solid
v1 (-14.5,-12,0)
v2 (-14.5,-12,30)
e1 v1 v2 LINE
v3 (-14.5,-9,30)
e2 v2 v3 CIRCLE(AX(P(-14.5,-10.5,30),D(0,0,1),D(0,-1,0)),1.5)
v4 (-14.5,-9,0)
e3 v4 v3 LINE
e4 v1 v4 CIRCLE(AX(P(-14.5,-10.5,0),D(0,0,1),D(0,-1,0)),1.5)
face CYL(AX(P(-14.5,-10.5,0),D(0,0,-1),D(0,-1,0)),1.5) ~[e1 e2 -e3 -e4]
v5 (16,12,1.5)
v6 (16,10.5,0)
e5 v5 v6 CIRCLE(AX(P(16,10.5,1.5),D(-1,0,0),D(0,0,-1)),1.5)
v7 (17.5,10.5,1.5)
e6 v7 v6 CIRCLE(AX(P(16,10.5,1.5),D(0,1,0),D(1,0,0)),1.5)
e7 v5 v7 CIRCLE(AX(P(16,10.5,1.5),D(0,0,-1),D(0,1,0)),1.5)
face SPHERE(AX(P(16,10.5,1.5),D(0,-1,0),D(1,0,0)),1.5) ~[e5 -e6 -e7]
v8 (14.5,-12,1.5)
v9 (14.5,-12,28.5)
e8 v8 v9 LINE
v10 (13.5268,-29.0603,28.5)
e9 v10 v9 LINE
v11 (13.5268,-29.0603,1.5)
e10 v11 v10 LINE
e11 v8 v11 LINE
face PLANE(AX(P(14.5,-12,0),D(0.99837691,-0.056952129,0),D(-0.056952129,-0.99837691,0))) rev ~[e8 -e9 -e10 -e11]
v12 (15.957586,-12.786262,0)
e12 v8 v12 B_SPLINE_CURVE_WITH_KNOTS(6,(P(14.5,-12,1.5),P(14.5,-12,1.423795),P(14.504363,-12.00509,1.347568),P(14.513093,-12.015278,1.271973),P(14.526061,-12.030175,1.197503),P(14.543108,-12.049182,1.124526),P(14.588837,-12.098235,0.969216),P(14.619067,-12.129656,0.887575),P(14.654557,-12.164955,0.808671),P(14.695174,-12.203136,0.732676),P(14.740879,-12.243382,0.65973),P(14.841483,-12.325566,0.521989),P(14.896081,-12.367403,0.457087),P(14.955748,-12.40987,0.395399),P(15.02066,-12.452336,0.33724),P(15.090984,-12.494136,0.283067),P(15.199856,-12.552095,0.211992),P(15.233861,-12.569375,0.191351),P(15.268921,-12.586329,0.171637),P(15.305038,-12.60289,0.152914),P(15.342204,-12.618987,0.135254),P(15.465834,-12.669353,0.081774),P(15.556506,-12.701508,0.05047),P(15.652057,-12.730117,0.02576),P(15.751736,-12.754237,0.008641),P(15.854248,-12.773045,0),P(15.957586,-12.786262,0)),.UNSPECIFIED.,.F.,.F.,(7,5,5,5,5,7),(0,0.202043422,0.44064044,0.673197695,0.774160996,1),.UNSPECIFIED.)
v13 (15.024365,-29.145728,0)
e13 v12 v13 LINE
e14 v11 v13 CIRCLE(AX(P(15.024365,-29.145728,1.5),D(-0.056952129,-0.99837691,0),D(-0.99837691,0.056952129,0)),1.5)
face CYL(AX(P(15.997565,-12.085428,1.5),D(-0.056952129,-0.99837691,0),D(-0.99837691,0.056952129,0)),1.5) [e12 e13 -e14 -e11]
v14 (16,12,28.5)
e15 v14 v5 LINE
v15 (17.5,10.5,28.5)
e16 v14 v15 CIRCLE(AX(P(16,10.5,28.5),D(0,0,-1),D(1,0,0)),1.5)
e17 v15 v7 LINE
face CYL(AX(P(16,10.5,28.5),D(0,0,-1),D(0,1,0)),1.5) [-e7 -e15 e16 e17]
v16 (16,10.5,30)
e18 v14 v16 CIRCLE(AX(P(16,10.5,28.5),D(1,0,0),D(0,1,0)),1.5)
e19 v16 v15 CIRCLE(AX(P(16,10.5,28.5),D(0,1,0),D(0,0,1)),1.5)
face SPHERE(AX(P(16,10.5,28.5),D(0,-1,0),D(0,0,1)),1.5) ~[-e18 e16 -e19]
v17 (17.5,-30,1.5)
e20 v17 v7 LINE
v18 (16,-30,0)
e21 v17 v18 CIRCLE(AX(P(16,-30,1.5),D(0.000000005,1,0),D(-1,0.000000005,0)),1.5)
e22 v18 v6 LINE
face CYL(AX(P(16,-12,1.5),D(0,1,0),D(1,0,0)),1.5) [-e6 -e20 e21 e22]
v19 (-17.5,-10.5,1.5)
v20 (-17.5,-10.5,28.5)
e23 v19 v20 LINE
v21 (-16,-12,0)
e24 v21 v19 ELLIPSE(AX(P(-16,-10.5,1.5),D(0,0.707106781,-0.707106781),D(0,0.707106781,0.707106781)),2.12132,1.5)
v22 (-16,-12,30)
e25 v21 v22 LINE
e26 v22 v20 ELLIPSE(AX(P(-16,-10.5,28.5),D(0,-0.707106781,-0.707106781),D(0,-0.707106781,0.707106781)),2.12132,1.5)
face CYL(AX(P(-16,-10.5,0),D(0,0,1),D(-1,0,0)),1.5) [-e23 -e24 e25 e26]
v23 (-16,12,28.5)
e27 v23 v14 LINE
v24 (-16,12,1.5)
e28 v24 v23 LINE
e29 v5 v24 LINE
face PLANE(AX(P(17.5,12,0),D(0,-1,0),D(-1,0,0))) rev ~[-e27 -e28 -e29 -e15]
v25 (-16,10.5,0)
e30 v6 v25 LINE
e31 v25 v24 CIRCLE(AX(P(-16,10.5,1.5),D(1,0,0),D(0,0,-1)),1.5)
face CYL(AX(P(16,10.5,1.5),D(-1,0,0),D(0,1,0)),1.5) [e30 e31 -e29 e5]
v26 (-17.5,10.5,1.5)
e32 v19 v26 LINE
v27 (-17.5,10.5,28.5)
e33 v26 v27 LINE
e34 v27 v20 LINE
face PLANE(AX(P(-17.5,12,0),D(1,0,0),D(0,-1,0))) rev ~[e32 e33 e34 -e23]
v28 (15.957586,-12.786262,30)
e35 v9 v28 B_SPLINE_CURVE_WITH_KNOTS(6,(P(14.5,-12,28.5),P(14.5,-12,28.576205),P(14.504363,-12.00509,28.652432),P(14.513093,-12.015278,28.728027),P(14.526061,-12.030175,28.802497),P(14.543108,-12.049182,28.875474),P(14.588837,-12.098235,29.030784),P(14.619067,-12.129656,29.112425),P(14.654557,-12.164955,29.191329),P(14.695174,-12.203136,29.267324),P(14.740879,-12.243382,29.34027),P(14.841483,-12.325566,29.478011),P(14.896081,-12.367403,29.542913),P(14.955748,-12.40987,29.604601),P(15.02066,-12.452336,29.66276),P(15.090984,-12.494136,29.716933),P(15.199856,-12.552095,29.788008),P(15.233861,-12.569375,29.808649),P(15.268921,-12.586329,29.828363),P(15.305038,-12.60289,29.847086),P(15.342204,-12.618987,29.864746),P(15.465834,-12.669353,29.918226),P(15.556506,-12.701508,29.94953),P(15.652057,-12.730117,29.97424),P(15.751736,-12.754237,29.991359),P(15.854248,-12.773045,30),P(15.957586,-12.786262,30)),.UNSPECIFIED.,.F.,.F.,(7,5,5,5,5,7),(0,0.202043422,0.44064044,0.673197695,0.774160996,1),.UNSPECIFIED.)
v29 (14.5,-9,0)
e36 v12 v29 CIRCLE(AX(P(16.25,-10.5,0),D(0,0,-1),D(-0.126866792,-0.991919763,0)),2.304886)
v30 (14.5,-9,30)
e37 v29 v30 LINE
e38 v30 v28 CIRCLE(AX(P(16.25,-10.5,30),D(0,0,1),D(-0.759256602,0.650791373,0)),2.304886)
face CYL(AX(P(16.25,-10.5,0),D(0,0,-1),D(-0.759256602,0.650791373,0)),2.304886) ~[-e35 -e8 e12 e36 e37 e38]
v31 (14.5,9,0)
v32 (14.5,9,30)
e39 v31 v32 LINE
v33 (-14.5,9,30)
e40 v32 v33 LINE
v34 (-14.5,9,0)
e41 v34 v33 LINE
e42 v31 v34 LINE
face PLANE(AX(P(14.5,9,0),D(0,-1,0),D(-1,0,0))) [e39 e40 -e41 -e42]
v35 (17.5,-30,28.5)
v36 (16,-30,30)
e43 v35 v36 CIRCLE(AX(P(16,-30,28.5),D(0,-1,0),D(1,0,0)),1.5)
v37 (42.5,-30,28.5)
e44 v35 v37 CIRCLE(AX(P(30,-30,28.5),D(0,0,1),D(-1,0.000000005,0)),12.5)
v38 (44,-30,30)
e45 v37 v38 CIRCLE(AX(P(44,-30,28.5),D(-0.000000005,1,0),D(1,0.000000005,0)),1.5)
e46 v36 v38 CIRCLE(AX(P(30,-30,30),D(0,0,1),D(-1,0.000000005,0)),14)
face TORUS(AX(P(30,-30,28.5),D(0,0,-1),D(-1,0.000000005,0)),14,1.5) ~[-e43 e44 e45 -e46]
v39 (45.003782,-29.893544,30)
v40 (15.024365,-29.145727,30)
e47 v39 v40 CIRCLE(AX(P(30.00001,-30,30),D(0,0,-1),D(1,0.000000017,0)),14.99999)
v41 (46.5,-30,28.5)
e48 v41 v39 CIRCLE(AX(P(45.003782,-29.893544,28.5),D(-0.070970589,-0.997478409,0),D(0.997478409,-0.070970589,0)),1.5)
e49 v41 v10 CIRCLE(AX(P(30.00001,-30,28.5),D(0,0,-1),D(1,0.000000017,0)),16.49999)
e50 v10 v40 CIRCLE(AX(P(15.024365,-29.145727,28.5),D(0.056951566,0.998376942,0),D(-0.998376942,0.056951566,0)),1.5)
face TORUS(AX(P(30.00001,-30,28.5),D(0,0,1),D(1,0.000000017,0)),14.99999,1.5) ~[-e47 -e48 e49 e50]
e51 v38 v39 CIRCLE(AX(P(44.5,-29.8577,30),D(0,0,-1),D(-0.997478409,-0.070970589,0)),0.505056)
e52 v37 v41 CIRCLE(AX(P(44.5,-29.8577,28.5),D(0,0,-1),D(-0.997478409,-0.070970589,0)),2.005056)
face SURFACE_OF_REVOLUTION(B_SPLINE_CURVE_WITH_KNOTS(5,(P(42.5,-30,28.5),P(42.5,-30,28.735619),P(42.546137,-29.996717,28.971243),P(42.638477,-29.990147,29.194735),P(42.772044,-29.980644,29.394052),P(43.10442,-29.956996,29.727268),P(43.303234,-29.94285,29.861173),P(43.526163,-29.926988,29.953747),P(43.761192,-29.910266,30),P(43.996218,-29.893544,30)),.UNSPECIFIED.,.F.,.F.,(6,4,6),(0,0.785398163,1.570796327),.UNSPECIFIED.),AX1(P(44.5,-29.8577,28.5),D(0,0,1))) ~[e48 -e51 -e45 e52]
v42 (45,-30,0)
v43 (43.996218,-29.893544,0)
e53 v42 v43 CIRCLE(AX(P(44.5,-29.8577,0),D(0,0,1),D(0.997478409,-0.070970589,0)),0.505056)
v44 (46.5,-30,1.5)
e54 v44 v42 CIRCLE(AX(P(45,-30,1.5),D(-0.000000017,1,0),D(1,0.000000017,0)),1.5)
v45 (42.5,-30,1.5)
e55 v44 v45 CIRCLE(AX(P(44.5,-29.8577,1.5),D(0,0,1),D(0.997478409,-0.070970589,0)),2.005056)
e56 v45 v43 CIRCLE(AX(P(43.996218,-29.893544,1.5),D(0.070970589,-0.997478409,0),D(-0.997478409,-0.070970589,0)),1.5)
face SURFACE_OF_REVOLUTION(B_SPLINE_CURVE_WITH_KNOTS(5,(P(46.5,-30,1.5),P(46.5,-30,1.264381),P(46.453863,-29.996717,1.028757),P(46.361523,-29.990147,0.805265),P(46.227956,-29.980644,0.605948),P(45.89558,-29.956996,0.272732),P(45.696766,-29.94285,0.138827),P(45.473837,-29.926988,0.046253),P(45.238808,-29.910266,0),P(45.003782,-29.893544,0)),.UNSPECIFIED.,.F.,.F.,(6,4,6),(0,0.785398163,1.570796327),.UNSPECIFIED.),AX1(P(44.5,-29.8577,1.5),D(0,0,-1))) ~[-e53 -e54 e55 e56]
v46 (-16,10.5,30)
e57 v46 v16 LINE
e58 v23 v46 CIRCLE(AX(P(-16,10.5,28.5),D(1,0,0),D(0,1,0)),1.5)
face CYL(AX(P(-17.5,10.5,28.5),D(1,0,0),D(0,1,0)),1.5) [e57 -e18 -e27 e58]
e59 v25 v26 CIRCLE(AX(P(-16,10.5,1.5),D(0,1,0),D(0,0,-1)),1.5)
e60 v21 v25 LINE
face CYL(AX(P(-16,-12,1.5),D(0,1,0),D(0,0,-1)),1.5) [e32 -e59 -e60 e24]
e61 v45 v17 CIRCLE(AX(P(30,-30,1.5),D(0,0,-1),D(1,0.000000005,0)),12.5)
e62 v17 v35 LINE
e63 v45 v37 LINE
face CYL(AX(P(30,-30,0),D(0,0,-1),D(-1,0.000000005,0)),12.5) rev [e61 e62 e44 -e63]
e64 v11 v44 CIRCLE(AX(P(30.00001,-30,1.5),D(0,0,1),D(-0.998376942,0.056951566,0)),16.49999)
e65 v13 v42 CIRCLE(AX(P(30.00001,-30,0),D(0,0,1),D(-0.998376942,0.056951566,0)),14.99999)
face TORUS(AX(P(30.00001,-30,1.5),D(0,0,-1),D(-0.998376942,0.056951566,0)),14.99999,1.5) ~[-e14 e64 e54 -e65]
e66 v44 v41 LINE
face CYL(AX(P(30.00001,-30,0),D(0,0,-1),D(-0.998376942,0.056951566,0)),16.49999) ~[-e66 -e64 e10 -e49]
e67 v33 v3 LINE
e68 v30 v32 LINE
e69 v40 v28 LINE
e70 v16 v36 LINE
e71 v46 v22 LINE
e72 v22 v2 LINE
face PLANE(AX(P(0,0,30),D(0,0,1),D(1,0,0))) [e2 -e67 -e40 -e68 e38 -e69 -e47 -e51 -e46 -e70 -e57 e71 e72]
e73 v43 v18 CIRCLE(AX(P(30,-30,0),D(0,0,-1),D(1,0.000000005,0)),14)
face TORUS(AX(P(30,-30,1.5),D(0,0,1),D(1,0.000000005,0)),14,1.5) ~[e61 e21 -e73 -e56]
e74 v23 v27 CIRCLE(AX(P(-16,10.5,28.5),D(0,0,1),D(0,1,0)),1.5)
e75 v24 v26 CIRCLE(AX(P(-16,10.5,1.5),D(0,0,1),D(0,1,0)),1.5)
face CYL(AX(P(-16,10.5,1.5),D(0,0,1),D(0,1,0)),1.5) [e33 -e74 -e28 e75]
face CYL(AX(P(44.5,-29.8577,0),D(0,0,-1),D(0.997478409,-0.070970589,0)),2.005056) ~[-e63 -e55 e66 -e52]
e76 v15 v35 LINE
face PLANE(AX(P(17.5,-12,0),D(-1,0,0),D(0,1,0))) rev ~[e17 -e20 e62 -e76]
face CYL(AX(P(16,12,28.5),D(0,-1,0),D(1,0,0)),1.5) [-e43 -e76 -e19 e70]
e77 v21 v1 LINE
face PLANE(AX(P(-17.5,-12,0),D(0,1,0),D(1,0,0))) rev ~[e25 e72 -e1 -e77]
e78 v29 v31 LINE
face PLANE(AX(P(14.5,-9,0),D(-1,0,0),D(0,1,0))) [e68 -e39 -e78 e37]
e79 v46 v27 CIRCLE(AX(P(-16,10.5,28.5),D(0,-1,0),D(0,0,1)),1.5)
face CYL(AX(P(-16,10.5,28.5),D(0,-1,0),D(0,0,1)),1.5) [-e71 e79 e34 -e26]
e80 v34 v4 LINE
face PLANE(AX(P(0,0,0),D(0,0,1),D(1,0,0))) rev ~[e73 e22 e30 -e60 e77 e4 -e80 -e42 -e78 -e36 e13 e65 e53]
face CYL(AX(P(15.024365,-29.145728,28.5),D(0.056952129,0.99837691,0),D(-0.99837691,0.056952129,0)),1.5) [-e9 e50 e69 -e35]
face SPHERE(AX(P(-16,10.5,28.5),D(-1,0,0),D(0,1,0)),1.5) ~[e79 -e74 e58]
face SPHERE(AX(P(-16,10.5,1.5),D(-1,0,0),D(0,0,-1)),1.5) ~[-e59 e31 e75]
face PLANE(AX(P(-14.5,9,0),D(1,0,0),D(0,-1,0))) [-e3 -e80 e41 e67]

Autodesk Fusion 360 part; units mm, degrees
sketch "Sketch1" plane through (0, 0, 0) normal (0, 0, 1) x (1, 0, 0)
  line L0 (14.5, 9) -> (-14.5, 9)
  line L1 (-14.5, 9) -> (-14.5, -9)
  line L2 (14.5, -9) -> (14.5, 9)
  line L3 (14.5, 9) -> (-14.5, -9) construction
  line L4 (-14.5, 9) -> (14.5, -9) construction
  line L5 (17.5, -12) -> (17.5, 12)
  line L6 (17.5, 12) -> (-17.5, 12)
  line L7 (-17.5, 12) -> (-17.5, -12)
  arc A0 (14.5, -9) -> (14.5, -12) centre (16.25, -10.5) ccw
  arc A1 (-14.5, -12) -> (-14.5, -9) centre (-14.5, -10.5) ccw
  line L8 (-17.5, -12) -> (-14.5, -12)
  line L9 (17.5, -12) -> (17.5, -30)
  line L10 (14.5, -12) -> (13.5268, -29.0603)
  arc A2 (17.5, -29.9983) -> (42.5, -30) centre (30, -30) ccw
  arc A3 (13.5268, -29.0603) -> (46.5, -30) centre (30, -30) ccw
  arc A4 (46.5, -30) -> (42.5, -30) centre (44.5, -29.8577) ccw
  dimension "d1" = 29
  dimension "d2" = 18
  dimension "d4" = 25
  dimension "d5" = 33
extrude "Extrude1" add sketch "Sketch1" along normal blind 30
fillet "Fillet1" radius 1.5 5 edges at (29.9991, -42.5, 30) (17.5, -8.9991, 30) (44.5, -27.8527, 30) (14.0134, -20.5301, 30) (29.5299, -46.4933, 30)
fillet "Fillet2" radius 1.5 5 edges at (17.5, -8.9991, 0) (29.9991, -42.5, 0) (44.5, -27.8527, 0) (14.0134, -20.5301, 0) (29.5299, -46.4933, 0)
fillet "Fillet3" radius 1.5 5 edges at (-0.75, 12, 0) (17.0607, 12, 0.4393) (17.5, 12, 15) (17.0607, 12, 29.5607) (-0.75, 12, 30)
fillet "Fillet4" radius 1.5 1 faces at (-17.5, -4, 19.5)
